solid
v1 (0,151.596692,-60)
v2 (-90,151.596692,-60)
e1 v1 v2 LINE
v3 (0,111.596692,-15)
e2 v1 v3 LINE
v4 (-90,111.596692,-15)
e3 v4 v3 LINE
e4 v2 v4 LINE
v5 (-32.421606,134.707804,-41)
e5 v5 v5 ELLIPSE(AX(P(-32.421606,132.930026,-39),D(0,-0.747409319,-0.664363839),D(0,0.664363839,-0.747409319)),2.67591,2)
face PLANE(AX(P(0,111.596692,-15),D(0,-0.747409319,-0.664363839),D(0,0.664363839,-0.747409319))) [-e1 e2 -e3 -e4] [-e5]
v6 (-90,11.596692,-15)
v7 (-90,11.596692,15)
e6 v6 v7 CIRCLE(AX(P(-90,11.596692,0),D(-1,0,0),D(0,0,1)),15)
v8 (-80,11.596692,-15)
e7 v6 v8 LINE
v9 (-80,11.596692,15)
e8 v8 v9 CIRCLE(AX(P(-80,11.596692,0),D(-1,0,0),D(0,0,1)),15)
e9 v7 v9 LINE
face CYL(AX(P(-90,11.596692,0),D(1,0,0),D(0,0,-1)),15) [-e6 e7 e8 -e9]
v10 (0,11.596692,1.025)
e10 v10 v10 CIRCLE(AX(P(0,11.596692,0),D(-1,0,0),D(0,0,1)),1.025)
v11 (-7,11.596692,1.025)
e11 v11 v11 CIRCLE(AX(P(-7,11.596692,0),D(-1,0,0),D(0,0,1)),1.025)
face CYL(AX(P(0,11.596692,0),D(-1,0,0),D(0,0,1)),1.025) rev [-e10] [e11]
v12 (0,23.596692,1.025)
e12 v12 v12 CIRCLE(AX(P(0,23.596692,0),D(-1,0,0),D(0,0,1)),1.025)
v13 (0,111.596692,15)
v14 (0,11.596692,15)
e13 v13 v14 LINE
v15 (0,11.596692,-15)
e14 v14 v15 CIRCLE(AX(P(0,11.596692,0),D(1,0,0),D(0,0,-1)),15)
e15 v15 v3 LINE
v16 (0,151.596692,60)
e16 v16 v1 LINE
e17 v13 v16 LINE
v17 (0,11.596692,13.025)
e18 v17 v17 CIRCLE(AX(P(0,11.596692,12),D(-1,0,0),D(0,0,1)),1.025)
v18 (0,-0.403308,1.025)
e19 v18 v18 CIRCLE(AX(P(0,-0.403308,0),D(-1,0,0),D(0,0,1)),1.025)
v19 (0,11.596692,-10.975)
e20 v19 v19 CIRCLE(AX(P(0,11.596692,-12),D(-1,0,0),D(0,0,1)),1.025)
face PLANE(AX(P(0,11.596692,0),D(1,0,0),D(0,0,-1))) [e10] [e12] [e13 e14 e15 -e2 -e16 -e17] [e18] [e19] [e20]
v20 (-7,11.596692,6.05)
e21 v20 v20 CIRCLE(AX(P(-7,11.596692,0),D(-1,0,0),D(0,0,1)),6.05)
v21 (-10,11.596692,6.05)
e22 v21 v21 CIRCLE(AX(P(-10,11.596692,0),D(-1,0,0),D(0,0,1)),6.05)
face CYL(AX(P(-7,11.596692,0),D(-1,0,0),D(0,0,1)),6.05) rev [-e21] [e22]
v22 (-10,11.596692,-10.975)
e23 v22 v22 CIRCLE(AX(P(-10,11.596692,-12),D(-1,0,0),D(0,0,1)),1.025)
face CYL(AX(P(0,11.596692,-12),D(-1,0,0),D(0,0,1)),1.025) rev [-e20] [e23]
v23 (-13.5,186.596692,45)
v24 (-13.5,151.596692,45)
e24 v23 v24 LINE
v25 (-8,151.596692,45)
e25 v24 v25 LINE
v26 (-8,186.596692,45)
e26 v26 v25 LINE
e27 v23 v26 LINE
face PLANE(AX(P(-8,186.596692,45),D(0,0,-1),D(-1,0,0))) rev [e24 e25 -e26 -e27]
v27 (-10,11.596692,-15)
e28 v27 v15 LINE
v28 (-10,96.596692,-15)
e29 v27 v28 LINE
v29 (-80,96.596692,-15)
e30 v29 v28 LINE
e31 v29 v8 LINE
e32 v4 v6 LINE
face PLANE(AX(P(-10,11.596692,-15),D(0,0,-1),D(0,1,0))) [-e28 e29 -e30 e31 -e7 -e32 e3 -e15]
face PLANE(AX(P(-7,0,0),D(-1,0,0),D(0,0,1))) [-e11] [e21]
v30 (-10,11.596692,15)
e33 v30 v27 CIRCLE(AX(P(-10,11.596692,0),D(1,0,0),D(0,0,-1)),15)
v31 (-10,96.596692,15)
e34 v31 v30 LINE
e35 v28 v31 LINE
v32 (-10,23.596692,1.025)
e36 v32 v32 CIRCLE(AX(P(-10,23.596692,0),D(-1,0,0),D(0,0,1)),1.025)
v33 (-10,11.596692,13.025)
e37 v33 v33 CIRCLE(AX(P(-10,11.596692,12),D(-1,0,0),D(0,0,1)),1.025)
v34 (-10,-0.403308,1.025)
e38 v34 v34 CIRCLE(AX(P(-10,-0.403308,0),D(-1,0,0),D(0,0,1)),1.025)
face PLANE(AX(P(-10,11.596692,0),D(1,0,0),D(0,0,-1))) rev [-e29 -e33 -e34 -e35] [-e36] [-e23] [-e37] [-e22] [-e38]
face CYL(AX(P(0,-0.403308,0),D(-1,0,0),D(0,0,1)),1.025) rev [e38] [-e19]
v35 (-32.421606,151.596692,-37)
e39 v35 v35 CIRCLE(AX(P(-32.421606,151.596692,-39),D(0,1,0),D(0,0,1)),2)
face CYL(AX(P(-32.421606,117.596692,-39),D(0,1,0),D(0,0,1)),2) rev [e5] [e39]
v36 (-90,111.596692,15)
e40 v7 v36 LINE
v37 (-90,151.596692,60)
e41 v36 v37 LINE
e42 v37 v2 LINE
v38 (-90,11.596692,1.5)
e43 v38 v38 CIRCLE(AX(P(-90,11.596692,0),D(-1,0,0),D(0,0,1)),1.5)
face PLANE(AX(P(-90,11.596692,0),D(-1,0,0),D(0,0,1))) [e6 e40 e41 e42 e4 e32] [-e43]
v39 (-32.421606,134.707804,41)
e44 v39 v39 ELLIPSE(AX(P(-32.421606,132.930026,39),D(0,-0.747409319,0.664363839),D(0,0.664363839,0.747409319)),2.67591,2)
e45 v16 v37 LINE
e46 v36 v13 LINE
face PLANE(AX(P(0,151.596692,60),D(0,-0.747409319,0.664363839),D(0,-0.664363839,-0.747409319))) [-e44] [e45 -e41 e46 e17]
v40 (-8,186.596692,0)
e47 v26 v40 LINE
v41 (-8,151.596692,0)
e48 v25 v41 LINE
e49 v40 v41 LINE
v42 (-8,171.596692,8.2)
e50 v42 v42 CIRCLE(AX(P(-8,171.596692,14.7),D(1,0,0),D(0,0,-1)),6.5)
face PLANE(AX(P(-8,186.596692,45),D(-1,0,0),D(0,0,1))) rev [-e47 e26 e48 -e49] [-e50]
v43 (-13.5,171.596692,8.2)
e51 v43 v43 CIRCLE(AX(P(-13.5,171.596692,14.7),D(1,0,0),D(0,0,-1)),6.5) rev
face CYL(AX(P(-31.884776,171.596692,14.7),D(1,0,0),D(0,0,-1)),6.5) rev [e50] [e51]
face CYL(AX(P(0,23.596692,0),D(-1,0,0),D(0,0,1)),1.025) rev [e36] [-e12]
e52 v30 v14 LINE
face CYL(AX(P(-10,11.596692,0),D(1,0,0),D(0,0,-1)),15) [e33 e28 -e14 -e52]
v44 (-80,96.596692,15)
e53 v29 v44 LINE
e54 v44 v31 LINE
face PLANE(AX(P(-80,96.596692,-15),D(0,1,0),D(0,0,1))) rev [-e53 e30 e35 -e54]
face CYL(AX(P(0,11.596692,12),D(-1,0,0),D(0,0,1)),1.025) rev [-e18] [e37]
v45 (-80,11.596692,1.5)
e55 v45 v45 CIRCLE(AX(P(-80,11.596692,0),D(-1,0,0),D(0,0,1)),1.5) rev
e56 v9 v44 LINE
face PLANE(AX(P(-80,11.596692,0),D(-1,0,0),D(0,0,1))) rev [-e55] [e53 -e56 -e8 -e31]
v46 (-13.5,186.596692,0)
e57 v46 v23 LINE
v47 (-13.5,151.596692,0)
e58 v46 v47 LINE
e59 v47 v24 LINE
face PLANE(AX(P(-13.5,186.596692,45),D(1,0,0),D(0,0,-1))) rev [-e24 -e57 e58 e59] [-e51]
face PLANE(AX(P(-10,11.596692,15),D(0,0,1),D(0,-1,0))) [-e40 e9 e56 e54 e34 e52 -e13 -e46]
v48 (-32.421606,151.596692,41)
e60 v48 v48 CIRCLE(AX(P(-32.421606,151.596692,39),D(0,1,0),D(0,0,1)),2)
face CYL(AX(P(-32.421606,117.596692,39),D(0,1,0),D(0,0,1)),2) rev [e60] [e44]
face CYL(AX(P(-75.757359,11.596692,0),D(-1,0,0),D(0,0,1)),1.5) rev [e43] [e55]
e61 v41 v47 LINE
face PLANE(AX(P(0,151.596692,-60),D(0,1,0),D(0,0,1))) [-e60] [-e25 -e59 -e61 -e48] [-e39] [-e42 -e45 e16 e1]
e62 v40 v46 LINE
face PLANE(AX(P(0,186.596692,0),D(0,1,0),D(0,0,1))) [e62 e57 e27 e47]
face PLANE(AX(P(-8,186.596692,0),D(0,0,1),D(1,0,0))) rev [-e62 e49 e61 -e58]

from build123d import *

# Parameters (mm, degrees)
BOSS_EXTRUDE1_DEPTH = 10
SKETCH4_W           = 30
SKETCH4_H           = 15
BOSS_EXTRUDE2_DEPTH = 70
BOSS_EXTRUDE3_DEPTH = 10
SKETCH6_R           = 6.05
CUT_EXTRUDE3_DEPTH  = 3
SKETCH7_R           = 1.025
CUT_EXTRUDE4_DEPTH  = 139.126108227
SKETCH10_R          = 1.5
CUT_EXTRUDE9_DEPTH  = 10
BOSS_EXTRUDE4_DEPTH = 90
SKETCH15_W          = 5.5
SKETCH15_H          = 45
BOSS_EXTRUDE5_DEPTH = 35
SKETCH16_R          = 6.5
CUT_EXTRUDE10_DEPTH = 5.5
SKETCH17_R          = 2
CUT_EXTRUDE11_DEPTH = 34


with BuildPart() as part:
    # Sketch1 → Boss-Extrude1 (new body)
    with BuildSketch(Plane(origin=(0, 0, 0), x_dir=(0, 0, -1), z_dir=(1, 0, 0))):
        with BuildLine():
            Line((15, 11.596692486), (15, 111.596692486))
            Line((15, 111.596692486), (-15, 111.596692486))
            Line((-15, 111.596692486), (-15, 11.596692486))
            ThreePointArc((-15, 11.596692486), (0, -3.403307514), (15, 11.596692486))
        make_face()
    extrude(amount=-BOSS_EXTRUDE1_DEPTH)

    # Sketch4 → Boss-Extrude2 (add)
    with BuildSketch(Plane.ZY.offset(10)):
        with Locations((0, 104.096692486)):
            Rectangle(SKETCH4_W, SKETCH4_H)
    extrude(amount=BOSS_EXTRUDE2_DEPTH)

    # Sketch5 → Boss-Extrude3 (add)
    with BuildSketch(Plane.ZY.offset(80)):
        with BuildLine():
            Line((-15, 111.596692486), (15, 111.596692486))
            Line((15, 111.596692486), (15, 11.596692486))
            ThreePointArc((15, 11.596692486), (0, -3.403307514), (-15, 11.596692486))
            Line((-15, 11.596692486), (-15, 111.596692486))
        make_face()
    extrude(amount=BOSS_EXTRUDE3_DEPTH)

    # Sketch6 → Cut-Extrude3 (cut)
    with BuildSketch(Plane.ZY.offset(10)):
        with Locations((0, 11.596692486)):
            Circle(SKETCH6_R)
    extrude(amount=-CUT_EXTRUDE3_DEPTH, mode=Mode.SUBTRACT)

    # Sketch7 → Cut-Extrude4 (cut, through all)
    with BuildSketch(Plane.ZY.offset(10)):
        with Locations((0, 23.596692486)):
            Circle(SKETCH7_R)
        with Locations((12, 11.596692486)):
            Circle(SKETCH7_R)
        with Locations((0, -0.403307514)):
            Circle(SKETCH7_R)
        with Locations((-12, 11.596692486)):
            Circle(SKETCH7_R)
        with Locations((0, 11.596692486)):
            Circle(SKETCH7_R)
    extrude(amount=-CUT_EXTRUDE4_DEPTH, mode=Mode.SUBTRACT)

    # Sketch10 → Cut-Extrude9 (cut)
    with BuildSketch(Plane.ZY.offset(90)):
        with Locations((0, 11.596692486)):
            Circle(SKETCH10_R)
    extrude(amount=-CUT_EXTRUDE9_DEPTH, mode=Mode.SUBTRACT)

    # Sketch14 → Boss-Extrude4 (add)
    with BuildSketch(Plane.ZY.offset(90)):
        Polygon((-15, 111.596692486), (-60, 151.596692486), (60, 151.596692486), (15, 111.596692486), align=None)
    extrude(amount=-BOSS_EXTRUDE4_DEPTH)

    # Sketch15 → Boss-Extrude5 (add)
    with BuildSketch(Plane(origin=(0, 151.596692486, 0), x_dir=(1, 0, 0), z_dir=(0, 1, 0))):
        with Locations((-10.75, -22.5)):
            Rectangle(SKETCH15_W, SKETCH15_H)
    extrude(amount=BOSS_EXTRUDE5_DEPTH)

    # Sketch16 → Cut-Extrude10 (cut)
    with BuildSketch(Plane(origin=(-8, 0, 0), x_dir=(0, 0, -1), z_dir=(1, 0, 0))):
        with Locations((-14.7, 171.596692486)):
            Circle(SKETCH16_R)
    extrude(amount=-CUT_EXTRUDE10_DEPTH, mode=Mode.SUBTRACT)

    # Sketch17 → Cut-Extrude11 (cut)
    with BuildSketch(Plane(origin=(0, 151.596692486, 0), x_dir=(1, 0, 0), z_dir=(0, 1, 0))):
        with Locations(Location((-32.421605661, 39, 0), (0, 0, 270))):
            Circle(SKETCH17_R)
        with Locations(Location((-32.421605661, -39, 0), (0, 0, 270))):
            Circle(SKETCH17_R)
    extrude(amount=-CUT_EXTRUDE11_DEPTH, mode=Mode.SUBTRACT)


solid = part.part
